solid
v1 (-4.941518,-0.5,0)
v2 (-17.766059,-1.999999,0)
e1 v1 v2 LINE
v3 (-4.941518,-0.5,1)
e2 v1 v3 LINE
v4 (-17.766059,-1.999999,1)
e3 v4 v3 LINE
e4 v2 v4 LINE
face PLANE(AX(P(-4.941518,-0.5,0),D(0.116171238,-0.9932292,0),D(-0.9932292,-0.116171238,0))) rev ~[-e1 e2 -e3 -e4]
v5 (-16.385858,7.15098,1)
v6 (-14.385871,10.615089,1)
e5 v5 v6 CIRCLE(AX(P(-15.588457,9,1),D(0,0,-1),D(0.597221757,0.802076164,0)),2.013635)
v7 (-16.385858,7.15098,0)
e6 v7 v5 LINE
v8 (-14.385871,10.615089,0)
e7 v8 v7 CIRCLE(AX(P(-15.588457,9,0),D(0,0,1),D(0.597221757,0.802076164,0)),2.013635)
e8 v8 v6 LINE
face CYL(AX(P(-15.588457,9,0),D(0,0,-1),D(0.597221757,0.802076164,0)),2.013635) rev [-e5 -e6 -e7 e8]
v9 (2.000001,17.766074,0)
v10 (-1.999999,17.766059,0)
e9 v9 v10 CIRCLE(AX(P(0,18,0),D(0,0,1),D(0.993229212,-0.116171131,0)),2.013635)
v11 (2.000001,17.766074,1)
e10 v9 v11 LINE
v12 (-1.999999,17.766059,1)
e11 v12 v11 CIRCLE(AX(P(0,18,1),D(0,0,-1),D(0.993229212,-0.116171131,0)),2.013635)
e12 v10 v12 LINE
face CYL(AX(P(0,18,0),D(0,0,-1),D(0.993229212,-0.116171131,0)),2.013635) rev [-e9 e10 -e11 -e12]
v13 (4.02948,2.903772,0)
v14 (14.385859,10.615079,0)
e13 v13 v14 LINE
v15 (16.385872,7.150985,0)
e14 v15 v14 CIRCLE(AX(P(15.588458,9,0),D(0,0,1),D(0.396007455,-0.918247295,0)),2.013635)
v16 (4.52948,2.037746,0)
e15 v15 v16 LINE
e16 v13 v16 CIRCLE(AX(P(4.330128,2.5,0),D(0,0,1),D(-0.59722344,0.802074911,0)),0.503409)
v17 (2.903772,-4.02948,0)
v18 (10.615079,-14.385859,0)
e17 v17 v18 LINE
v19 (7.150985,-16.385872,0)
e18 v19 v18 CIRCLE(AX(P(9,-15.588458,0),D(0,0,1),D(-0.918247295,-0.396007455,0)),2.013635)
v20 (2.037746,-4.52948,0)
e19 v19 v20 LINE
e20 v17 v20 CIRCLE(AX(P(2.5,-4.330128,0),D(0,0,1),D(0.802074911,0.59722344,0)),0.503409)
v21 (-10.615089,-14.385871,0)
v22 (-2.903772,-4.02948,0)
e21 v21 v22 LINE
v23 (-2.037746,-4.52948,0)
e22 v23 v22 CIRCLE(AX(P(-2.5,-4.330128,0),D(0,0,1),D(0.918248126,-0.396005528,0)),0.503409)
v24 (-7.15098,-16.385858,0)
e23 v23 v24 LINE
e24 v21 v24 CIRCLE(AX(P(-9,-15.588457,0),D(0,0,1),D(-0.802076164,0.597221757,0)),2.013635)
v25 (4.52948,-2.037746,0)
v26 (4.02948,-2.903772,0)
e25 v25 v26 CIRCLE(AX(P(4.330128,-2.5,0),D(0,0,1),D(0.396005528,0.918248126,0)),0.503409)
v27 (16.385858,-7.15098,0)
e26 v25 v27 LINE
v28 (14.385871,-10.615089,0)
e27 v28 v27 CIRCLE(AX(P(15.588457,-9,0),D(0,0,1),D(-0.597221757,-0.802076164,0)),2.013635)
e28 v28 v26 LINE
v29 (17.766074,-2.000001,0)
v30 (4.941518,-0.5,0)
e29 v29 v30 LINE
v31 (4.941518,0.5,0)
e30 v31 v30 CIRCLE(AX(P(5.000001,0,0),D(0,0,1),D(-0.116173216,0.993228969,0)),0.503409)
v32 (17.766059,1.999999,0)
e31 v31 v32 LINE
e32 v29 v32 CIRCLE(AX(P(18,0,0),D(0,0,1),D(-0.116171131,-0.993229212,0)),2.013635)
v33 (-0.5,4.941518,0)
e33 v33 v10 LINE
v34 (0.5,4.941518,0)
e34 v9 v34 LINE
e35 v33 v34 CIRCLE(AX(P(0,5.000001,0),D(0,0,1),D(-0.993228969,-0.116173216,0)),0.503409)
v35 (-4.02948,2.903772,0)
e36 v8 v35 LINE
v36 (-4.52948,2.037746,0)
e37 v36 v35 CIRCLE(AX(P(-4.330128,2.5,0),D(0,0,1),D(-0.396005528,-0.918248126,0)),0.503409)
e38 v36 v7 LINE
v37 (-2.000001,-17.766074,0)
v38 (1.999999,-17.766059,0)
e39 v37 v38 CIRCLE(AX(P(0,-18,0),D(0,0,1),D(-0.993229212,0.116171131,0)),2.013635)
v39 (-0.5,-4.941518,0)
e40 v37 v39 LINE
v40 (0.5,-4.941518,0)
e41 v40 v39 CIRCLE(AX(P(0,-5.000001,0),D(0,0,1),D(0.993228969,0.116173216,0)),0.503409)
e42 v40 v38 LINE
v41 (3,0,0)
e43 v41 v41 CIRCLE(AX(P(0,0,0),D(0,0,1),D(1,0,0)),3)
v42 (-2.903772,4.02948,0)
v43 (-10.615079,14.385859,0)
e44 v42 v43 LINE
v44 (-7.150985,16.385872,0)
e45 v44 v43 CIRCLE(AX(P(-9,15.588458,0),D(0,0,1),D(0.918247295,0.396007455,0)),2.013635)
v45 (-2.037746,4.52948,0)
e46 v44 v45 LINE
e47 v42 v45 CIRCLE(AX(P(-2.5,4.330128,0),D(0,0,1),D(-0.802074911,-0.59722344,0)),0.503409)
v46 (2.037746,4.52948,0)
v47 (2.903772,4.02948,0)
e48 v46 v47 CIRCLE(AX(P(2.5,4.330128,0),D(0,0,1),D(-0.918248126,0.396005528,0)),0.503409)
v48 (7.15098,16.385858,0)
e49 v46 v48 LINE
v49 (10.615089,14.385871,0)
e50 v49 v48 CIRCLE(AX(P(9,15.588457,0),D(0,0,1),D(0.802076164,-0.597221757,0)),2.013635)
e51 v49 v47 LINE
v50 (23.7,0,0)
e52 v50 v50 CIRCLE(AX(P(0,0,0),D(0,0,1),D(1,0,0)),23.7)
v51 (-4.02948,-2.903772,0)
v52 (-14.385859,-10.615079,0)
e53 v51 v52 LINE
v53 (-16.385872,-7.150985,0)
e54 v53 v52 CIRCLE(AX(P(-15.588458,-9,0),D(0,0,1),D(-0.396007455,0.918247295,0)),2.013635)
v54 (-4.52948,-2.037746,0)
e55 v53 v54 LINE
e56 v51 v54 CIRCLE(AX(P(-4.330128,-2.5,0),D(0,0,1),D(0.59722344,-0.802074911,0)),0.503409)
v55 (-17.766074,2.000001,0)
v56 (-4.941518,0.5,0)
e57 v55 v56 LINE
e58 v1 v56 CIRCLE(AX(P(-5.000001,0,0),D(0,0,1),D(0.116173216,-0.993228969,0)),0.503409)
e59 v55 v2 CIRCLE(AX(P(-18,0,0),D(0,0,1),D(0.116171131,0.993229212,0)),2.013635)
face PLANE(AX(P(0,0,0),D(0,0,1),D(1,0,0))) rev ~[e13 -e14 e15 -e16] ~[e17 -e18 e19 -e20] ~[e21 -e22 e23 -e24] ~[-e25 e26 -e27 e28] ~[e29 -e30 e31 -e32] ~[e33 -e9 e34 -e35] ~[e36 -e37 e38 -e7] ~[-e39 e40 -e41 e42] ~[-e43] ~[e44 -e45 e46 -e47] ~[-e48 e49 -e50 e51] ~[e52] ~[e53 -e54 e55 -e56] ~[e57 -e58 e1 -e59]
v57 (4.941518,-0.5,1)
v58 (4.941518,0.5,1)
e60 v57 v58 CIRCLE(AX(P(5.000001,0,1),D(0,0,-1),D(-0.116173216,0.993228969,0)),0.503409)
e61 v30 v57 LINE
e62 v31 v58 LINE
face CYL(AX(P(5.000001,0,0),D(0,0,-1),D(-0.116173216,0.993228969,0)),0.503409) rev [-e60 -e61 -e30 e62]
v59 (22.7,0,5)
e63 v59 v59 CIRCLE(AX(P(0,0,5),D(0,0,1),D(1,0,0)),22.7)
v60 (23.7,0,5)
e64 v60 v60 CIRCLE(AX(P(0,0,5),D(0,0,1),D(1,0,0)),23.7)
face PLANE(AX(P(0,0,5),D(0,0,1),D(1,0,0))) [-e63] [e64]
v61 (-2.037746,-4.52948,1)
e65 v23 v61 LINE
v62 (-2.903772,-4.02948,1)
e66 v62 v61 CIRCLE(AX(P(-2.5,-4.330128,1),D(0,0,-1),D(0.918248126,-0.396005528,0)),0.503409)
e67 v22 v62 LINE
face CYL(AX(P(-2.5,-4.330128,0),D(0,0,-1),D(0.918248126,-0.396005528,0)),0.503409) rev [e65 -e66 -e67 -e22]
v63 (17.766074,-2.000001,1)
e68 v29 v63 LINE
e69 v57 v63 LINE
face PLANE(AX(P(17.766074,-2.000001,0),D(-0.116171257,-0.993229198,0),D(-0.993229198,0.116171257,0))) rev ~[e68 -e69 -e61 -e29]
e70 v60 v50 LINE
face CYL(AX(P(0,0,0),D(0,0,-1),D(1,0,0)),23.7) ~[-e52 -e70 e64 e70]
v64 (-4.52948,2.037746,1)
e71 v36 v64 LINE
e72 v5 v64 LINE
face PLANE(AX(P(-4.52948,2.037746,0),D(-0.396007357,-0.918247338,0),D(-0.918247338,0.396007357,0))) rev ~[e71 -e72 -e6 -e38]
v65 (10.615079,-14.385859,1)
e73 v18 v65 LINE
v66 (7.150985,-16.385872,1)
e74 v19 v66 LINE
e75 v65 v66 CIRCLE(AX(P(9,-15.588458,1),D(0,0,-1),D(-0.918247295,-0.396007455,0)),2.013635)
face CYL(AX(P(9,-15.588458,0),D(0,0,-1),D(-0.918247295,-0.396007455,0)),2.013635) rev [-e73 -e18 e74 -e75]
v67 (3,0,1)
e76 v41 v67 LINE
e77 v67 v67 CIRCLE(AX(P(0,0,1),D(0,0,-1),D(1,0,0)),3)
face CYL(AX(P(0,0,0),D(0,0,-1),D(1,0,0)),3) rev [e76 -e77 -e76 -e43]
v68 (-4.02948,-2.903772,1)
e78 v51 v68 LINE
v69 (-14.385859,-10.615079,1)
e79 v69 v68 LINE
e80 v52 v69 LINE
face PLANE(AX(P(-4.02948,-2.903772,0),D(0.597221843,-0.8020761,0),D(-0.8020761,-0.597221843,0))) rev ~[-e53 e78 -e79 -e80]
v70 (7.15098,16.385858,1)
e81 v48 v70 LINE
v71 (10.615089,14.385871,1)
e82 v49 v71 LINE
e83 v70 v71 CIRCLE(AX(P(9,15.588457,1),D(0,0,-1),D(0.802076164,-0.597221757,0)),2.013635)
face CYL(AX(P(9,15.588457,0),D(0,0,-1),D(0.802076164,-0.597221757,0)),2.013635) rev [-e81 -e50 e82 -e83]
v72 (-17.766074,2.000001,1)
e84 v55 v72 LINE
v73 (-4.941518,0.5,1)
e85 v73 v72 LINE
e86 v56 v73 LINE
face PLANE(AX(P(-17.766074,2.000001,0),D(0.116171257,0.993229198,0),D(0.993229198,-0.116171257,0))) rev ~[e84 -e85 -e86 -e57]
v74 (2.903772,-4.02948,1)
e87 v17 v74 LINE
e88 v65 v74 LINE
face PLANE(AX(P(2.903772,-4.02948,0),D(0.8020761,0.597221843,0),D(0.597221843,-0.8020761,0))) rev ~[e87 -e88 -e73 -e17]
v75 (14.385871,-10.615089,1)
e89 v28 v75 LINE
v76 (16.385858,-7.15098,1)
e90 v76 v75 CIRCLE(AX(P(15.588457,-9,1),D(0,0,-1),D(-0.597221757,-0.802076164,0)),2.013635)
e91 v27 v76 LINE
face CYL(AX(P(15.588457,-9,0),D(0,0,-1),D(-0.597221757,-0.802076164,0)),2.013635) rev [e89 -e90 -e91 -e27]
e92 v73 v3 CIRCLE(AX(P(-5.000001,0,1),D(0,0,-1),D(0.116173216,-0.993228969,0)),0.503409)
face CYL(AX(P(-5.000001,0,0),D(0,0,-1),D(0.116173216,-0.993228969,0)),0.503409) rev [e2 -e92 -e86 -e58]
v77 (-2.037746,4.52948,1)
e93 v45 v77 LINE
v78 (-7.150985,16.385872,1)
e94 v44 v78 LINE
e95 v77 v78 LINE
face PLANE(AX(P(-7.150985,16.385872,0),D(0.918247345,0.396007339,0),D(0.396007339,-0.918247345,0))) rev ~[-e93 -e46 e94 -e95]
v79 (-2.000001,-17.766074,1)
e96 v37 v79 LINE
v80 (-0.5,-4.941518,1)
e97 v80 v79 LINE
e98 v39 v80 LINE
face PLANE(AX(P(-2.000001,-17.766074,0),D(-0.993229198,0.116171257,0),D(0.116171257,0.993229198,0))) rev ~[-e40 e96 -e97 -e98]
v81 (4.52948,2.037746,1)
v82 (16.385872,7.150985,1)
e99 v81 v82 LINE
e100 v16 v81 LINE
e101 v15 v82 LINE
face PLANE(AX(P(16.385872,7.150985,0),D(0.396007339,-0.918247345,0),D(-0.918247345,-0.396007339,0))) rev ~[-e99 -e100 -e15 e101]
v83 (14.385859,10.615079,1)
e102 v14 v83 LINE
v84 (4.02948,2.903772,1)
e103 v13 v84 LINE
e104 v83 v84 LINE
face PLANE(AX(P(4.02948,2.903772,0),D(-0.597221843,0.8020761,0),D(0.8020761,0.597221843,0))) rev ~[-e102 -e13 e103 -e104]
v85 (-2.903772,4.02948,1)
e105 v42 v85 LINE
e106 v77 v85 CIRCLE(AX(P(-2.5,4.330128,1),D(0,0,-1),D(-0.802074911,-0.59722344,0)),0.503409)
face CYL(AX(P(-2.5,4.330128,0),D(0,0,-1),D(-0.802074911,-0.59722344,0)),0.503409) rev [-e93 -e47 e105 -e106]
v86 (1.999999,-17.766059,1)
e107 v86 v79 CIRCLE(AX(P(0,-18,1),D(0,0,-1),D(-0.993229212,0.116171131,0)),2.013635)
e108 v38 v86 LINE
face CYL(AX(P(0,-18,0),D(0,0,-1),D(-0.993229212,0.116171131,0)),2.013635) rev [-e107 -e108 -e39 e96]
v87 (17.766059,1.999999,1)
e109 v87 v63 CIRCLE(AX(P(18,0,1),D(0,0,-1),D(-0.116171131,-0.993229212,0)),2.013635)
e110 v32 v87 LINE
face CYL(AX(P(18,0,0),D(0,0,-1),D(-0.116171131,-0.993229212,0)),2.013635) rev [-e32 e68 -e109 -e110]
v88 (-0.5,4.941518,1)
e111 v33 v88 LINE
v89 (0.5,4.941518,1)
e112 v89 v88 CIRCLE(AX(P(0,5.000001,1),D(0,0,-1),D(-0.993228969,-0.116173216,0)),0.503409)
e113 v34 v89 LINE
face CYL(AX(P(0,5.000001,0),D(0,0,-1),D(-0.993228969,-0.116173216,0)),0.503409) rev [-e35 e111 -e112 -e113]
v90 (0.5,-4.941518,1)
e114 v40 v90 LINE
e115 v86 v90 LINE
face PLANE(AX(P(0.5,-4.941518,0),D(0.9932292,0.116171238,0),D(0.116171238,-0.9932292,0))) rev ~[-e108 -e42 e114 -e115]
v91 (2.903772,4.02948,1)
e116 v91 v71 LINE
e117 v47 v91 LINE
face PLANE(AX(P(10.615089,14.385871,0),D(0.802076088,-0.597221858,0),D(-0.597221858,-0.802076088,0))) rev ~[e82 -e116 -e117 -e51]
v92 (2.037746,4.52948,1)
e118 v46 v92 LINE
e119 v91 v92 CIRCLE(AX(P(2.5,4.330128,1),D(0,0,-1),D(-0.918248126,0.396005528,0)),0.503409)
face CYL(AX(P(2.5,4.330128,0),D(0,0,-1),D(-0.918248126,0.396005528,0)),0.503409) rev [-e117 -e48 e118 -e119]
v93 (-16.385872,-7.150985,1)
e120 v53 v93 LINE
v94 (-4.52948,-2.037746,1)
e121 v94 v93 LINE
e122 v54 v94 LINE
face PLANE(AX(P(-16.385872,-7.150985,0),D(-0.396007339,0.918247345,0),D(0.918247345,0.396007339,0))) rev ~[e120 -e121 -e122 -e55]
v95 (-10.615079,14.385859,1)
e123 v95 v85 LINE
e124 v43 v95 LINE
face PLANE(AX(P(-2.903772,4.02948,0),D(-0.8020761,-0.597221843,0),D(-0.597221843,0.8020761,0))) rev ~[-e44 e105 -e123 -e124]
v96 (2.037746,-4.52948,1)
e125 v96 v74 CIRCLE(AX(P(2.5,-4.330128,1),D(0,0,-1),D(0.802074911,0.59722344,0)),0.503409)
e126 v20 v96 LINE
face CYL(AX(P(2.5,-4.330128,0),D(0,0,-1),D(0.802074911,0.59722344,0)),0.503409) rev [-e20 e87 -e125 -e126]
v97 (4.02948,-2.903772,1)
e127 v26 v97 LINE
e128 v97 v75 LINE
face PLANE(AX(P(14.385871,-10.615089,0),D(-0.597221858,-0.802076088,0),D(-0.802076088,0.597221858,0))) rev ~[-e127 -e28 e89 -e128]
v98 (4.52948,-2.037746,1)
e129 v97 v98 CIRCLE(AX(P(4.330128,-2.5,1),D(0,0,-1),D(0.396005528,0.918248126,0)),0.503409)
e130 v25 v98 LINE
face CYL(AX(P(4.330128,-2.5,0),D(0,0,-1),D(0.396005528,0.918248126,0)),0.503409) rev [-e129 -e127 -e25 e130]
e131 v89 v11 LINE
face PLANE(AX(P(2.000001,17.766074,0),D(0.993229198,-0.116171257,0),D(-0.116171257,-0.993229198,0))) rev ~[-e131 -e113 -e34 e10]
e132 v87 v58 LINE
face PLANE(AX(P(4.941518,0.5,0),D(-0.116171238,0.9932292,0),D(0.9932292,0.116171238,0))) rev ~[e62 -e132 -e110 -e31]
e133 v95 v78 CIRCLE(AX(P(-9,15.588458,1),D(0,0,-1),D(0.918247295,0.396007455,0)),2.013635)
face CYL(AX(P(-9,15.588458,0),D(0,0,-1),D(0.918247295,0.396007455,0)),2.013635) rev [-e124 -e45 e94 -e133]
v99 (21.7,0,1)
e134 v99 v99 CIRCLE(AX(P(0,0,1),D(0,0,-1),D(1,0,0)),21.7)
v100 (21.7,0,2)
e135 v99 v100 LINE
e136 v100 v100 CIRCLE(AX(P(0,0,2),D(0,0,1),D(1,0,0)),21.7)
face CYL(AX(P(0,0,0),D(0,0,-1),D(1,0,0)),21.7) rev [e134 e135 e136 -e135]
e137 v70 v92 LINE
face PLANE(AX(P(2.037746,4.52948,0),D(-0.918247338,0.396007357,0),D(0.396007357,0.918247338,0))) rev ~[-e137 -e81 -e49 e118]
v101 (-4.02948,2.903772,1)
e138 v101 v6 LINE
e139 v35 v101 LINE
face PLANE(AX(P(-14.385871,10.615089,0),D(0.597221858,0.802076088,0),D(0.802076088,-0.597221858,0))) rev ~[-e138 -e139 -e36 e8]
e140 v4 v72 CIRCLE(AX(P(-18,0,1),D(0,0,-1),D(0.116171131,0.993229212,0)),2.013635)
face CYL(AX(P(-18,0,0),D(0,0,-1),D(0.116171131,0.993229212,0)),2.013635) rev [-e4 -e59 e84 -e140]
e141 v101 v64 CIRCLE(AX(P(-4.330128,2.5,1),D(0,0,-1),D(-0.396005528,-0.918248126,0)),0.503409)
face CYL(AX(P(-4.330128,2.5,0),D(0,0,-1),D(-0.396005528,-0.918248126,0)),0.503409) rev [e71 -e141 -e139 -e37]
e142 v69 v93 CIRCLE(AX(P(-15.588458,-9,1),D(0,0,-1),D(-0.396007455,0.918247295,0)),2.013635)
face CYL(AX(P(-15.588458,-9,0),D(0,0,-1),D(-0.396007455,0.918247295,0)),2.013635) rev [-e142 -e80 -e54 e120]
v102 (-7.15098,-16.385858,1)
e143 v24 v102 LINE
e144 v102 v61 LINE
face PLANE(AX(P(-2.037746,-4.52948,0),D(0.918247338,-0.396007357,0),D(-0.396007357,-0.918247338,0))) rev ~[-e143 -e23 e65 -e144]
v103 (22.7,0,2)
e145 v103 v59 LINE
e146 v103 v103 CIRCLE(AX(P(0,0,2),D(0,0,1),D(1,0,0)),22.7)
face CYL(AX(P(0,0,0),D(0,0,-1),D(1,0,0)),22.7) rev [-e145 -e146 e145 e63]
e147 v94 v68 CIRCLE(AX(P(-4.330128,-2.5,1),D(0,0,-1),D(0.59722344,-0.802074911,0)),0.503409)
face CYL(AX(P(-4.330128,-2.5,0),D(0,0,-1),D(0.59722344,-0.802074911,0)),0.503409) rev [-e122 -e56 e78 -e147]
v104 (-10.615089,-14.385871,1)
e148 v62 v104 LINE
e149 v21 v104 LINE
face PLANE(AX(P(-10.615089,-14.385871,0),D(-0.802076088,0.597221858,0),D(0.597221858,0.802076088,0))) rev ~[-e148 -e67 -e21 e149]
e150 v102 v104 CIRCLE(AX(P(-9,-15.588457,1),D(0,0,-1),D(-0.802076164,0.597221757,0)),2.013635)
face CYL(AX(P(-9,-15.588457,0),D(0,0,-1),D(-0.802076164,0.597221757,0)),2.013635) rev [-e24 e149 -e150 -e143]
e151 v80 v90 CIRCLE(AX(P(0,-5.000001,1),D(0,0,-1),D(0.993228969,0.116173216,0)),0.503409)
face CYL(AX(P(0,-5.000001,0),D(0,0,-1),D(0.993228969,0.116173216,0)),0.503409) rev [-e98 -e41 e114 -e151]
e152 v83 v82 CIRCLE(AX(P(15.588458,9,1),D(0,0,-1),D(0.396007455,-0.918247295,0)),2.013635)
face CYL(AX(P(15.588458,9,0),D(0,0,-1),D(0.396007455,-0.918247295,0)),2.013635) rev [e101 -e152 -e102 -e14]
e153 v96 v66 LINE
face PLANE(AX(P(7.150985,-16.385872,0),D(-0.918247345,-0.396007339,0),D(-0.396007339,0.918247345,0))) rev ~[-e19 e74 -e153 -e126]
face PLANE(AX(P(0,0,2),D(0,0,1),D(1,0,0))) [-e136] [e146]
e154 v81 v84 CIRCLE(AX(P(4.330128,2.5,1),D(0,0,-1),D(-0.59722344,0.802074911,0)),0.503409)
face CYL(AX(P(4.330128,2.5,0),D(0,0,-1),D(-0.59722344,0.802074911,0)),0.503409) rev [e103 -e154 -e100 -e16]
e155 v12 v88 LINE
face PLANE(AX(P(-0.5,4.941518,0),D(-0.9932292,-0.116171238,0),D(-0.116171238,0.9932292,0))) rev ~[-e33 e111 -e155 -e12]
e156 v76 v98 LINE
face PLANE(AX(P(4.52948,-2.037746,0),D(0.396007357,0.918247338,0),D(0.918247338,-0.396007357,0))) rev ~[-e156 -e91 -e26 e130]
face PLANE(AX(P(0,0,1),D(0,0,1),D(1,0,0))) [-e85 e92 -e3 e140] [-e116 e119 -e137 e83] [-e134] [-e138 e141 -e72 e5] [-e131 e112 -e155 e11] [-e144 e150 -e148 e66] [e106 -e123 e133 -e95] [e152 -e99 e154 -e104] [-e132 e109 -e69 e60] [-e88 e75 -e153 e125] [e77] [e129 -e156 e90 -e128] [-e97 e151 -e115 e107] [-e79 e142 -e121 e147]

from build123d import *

# Parameters (mm, degrees)
SKETCH_R           = 23.7
PAD_DEPTH          = 1
POCKET_DEPTH       = 135.083363
POLARPATTERN_COUNT = 12
SKETCH002_R        = 23.7
SKETCH002_R_2      = 22.7
PAD001_DEPTH       = 5
SKETCH003_R        = 22.7
SKETCH003_R_2      = 21.7
PAD002_DEPTH       = 2
SKETCH004_R        = 3
POCKET001_DEPTH    = 5.001


with BuildPart() as part:
    # Sketch → Pad (new body)
    with BuildSketch(Plane.XY):
        Circle(SKETCH_R)
    extrude(amount=PAD_DEPTH)

    # Sketch001 → Pocket (cut, through all)
    with BuildSketch(Plane.XY):
        with BuildLine():
            ThreePointArc((-0.5, 4.941518), (0, 4.496592), (0.5, 4.941518))
            Line((2.000001, 17.766074), (0.5, 4.941518))
            ThreePointArc((2.000001, 17.766074), (-7e-06, 20.013635), (-1.999999, 17.766059))
            Line((-0.5, 4.941518), (-1.999999, 17.766059))
        make_face()
    pocket = extrude(amount=POCKET_DEPTH, mode=Mode.SUBTRACT)

    # PolarPattern: Pocket ×12 about axis
    polarpattern_axis = Axis((0, 0, 0), (0, 0, 1))
    for i in range(1, POLARPATTERN_COUNT):
        add(pocket.rotate(polarpattern_axis, i * 360 / POLARPATTERN_COUNT), mode=Mode.SUBTRACT)

    # Sketch002 → Pad001 (join)
    with BuildSketch(Plane.XY):
        Circle(SKETCH002_R)
        Circle(SKETCH002_R_2, mode=Mode.SUBTRACT)
    extrude(amount=PAD001_DEPTH)

    # Sketch003 → Pad002 (join)
    with BuildSketch(Plane.XY):
        Circle(SKETCH003_R)
        Circle(SKETCH003_R_2, mode=Mode.SUBTRACT)
    extrude(amount=PAD002_DEPTH)

    # Sketch004 → Pocket001 (cut, through all)
    with BuildSketch(Plane.XY):
        Circle(SKETCH004_R)
    extrude(amount=POCKET001_DEPTH, mode=Mode.SUBTRACT)


solid = part.part
